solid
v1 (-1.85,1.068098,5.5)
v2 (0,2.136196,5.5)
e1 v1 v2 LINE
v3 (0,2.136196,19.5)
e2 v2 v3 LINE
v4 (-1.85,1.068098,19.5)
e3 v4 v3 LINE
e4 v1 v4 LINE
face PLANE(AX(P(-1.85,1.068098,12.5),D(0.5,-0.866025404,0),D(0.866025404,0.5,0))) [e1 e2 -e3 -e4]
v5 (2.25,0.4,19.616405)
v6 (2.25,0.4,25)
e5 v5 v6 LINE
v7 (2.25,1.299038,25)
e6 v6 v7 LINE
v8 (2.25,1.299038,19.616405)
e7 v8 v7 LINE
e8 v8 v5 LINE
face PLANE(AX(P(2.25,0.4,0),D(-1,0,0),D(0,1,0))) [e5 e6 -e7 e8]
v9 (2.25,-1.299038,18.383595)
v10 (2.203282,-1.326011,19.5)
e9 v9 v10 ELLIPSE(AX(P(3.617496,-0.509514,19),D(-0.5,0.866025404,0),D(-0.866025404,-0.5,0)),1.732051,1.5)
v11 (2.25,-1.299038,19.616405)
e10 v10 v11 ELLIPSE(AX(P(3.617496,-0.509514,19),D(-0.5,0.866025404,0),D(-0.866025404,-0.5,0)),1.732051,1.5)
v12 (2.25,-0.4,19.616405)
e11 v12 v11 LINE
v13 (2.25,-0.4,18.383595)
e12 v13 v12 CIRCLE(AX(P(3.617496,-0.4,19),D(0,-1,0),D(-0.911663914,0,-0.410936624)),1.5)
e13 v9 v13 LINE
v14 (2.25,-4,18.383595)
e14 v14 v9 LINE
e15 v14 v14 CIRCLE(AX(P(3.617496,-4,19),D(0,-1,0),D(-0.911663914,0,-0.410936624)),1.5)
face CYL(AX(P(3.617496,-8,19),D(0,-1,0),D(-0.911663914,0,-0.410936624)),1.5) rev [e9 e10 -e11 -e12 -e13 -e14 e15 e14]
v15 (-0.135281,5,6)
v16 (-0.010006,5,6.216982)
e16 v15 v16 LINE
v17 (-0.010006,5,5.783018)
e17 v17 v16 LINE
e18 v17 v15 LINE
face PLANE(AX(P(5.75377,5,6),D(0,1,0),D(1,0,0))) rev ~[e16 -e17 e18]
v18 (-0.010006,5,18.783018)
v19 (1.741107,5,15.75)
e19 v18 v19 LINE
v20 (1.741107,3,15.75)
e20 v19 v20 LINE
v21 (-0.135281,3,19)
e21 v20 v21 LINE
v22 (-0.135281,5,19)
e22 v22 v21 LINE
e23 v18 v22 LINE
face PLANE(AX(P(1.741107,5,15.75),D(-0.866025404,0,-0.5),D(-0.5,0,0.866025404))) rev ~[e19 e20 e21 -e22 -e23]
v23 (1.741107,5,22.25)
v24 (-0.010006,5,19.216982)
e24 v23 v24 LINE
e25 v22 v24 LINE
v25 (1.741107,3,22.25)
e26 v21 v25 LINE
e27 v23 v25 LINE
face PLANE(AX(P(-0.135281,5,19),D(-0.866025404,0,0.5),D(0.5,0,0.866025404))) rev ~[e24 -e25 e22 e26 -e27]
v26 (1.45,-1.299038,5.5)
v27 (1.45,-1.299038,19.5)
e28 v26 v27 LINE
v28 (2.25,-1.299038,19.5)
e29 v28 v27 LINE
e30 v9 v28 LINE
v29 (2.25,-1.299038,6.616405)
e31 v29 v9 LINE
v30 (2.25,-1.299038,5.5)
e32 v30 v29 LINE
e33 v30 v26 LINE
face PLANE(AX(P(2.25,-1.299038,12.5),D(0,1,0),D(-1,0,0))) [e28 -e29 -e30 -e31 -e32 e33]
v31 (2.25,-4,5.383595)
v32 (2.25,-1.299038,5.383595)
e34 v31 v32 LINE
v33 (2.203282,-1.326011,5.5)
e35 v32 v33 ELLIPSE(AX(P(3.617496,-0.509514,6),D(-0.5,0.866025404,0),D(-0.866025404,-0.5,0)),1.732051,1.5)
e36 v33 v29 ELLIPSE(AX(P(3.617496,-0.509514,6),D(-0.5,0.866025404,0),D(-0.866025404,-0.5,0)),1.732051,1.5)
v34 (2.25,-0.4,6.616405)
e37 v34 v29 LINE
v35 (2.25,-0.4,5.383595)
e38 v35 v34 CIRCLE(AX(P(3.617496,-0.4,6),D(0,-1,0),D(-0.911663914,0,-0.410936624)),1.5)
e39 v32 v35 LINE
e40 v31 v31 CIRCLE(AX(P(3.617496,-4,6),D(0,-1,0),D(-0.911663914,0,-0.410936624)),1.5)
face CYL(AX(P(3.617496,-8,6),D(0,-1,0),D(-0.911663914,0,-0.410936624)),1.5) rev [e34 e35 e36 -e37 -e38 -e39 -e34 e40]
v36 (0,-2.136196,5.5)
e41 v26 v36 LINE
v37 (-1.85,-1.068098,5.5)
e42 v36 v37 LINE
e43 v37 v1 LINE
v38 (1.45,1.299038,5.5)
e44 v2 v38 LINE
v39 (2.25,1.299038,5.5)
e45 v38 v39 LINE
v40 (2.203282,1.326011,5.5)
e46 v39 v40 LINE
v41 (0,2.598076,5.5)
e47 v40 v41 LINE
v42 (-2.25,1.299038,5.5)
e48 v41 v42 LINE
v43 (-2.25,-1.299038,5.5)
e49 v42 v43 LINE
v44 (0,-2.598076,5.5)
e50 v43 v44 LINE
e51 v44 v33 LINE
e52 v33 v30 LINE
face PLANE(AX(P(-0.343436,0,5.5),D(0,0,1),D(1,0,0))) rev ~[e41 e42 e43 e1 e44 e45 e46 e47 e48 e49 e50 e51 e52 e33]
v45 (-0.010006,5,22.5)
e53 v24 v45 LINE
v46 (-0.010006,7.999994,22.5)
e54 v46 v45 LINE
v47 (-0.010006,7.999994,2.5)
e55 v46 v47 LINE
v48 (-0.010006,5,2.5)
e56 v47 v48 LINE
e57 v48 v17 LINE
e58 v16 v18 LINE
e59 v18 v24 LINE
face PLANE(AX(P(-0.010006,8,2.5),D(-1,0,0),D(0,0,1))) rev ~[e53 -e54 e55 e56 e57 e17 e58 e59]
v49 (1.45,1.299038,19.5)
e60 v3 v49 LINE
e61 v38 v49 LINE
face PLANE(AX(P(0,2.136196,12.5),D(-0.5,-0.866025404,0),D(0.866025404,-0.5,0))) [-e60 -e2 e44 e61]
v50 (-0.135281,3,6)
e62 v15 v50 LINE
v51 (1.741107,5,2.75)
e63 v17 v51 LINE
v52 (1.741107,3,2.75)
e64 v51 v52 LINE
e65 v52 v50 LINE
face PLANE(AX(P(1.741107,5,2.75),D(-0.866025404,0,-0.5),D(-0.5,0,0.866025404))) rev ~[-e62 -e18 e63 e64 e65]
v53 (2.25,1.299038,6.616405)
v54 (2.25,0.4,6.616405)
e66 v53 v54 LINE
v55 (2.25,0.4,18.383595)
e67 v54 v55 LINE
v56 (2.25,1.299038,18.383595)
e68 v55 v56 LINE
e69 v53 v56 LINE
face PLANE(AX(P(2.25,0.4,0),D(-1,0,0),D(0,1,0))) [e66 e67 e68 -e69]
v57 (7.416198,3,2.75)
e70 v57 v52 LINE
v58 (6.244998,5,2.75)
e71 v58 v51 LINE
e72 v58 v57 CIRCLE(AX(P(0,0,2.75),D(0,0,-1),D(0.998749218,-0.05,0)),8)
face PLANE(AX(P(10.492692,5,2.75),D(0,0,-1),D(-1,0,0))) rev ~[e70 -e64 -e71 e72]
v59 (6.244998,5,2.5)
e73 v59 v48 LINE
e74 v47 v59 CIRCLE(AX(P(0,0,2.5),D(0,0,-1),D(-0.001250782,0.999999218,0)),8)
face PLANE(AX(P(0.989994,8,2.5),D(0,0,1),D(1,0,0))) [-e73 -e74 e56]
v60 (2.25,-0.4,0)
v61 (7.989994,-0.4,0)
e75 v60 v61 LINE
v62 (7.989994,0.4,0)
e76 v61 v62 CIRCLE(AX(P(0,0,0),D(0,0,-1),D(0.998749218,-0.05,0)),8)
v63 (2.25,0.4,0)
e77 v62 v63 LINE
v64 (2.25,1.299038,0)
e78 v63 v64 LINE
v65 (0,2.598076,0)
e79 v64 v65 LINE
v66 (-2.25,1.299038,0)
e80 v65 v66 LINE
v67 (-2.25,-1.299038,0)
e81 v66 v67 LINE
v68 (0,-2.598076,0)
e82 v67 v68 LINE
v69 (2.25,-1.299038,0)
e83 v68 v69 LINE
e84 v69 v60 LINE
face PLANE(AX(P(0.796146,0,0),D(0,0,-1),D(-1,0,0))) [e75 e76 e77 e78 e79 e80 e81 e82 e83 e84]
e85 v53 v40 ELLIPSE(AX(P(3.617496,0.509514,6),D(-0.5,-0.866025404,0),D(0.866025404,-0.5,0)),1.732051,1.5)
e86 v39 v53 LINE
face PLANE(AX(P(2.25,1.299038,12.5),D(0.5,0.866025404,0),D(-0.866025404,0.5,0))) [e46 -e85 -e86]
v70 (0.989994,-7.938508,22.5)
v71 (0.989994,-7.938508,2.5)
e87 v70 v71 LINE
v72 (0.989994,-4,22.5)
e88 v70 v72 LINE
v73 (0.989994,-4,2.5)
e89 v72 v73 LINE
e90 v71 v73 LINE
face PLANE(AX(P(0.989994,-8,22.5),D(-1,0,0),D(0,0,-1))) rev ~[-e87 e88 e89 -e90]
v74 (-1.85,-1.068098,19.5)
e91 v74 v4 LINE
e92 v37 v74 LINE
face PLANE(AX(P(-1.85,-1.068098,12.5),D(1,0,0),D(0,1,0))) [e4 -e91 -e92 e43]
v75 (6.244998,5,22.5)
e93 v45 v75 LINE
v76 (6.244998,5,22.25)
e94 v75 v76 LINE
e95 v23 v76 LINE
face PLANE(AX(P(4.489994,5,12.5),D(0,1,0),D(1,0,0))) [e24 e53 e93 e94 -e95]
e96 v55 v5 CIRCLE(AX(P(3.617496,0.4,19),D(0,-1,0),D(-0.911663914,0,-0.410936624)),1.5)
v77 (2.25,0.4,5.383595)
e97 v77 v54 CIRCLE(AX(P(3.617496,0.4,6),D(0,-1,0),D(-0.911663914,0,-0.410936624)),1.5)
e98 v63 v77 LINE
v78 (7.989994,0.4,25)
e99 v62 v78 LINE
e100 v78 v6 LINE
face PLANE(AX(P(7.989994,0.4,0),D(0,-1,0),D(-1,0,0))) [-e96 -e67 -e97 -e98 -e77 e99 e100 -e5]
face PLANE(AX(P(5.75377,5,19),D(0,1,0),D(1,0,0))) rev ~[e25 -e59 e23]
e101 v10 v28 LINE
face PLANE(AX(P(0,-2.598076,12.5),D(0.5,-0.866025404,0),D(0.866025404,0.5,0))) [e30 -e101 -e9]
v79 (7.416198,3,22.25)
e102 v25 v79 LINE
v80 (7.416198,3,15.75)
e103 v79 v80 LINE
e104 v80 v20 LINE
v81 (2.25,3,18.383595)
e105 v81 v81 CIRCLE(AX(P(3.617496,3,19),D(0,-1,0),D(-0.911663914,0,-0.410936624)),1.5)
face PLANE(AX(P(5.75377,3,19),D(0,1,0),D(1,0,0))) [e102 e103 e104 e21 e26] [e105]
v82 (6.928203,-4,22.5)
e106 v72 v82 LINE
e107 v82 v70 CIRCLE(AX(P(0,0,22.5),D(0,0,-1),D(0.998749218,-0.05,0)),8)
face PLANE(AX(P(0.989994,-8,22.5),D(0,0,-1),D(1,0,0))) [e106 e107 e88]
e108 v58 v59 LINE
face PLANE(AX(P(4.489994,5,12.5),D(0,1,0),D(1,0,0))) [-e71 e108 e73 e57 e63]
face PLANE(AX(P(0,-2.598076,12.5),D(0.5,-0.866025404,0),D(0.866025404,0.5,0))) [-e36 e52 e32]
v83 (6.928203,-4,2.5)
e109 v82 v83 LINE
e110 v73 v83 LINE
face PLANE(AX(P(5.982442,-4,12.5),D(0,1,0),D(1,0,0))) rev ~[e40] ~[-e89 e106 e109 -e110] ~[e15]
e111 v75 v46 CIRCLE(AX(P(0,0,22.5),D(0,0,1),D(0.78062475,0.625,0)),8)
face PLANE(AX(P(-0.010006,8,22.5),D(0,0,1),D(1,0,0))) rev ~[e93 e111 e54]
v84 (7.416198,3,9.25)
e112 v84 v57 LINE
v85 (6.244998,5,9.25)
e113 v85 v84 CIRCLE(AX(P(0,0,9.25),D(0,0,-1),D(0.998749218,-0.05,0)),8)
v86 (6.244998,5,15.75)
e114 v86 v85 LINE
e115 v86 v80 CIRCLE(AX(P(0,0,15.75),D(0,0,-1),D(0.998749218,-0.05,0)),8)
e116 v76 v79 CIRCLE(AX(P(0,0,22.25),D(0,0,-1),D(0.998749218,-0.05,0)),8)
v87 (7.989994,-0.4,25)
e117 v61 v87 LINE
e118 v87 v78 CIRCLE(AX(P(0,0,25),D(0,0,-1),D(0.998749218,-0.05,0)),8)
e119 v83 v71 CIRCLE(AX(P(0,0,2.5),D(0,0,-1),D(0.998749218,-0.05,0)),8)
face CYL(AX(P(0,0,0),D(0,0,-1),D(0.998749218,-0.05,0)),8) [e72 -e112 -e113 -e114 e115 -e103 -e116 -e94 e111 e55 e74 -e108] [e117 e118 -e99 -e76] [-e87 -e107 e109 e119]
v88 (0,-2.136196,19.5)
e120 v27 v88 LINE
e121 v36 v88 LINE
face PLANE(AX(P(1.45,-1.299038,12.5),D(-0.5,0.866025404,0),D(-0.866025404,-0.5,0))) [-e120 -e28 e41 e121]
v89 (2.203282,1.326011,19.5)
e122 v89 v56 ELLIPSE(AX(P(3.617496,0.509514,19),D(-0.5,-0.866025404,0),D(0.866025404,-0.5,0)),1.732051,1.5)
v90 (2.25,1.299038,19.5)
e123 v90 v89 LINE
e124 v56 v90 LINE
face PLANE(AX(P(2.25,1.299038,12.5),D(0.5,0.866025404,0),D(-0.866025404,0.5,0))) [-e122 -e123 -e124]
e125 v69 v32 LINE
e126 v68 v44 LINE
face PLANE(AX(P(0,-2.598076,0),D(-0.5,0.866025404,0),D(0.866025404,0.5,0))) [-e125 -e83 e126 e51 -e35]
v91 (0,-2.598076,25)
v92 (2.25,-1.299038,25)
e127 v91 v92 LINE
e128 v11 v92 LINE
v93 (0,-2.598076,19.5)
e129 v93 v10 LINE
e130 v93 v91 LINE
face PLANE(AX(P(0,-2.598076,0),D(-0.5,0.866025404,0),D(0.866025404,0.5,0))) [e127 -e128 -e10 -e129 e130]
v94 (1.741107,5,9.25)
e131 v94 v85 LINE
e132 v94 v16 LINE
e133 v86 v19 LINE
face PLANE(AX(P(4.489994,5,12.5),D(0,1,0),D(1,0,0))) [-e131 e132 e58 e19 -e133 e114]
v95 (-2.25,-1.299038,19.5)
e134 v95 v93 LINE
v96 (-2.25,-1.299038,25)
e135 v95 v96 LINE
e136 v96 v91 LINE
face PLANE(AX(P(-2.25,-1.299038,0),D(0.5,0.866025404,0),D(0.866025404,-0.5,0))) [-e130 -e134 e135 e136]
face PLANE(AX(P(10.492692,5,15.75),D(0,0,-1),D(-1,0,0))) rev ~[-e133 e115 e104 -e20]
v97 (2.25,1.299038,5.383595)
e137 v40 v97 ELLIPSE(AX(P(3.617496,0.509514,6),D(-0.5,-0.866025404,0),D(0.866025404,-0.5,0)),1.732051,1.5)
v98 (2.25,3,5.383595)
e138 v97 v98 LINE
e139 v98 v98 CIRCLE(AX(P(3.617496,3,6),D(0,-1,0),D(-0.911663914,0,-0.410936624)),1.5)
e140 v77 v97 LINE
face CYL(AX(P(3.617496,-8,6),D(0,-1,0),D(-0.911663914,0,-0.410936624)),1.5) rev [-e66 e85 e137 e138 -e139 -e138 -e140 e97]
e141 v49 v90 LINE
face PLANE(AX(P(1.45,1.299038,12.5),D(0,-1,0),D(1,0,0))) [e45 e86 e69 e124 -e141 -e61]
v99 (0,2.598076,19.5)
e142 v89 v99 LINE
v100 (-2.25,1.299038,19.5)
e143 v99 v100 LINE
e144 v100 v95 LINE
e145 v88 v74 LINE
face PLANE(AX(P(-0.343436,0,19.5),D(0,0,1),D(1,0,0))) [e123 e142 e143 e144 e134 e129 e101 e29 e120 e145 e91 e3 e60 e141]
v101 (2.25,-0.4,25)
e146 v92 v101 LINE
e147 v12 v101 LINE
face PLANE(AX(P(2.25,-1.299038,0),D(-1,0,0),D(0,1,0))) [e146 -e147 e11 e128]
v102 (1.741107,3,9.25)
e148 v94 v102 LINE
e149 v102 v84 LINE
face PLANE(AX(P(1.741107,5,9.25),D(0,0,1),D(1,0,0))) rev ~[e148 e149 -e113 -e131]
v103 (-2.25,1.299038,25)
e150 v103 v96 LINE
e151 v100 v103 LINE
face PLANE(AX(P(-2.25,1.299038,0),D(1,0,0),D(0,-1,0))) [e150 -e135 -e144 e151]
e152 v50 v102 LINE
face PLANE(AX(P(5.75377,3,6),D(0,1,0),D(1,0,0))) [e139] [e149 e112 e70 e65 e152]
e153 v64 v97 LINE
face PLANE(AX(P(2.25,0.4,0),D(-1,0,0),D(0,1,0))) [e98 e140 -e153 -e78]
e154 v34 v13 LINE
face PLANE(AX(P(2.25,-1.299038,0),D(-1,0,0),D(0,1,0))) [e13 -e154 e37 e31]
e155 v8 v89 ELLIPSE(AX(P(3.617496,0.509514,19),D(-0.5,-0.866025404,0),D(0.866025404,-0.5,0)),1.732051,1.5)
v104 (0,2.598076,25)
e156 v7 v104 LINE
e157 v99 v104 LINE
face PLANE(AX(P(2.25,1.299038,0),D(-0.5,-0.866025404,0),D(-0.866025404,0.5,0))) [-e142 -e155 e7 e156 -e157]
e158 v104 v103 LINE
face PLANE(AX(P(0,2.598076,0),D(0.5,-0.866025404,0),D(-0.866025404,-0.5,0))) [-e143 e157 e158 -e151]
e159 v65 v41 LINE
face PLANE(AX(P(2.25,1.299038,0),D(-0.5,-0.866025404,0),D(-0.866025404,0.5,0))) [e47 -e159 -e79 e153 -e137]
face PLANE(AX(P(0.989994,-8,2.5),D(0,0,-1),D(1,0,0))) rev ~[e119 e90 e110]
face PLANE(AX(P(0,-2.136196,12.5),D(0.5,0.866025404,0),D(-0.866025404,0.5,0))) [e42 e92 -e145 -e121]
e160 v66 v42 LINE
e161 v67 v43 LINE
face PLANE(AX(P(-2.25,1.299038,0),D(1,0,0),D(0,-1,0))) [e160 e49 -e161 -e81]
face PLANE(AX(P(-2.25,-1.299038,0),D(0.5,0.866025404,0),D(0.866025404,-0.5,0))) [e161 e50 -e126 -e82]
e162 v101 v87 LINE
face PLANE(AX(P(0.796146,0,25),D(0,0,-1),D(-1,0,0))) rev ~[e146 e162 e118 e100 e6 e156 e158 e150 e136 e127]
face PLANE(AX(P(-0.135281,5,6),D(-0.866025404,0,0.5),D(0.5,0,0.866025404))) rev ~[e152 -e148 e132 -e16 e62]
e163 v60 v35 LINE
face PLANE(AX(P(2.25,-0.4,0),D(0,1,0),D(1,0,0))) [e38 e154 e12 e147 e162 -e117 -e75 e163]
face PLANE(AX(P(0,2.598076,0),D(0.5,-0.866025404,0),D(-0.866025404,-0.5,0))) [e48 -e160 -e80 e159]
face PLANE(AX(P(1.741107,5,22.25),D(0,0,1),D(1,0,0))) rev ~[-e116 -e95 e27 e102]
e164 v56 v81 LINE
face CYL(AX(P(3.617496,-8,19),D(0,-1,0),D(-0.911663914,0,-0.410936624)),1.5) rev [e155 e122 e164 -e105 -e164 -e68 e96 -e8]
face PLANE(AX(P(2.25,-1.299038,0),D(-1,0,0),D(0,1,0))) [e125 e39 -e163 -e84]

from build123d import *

# Parameters (mm, degrees)
RESSALTO_EXTRUS_O2_DEPTH = 25
ESBO_O3_W                = 7
ESBO_O3_H                = 20
CORTE_EXTRUS_O1_DEPTH    = 3
ESBO_O4_W                = 9.984895554
ESBO_O4_H                = 20
CORTE_EXTRUS_O2_DEPTH    = 4
ESBO_O5_R                = 1.5
CORTE_EXTRUS_O7_DEPTH    = 31.740852298
CORTE_EXTRUS_O8_DEPTH    = 3
CORTE_EXTRUS_O9_DEPTH    = 2
CORTE_EXTRUS_O11_DEPTH   = 3
RESSALTO_EXTRUS_O4_DEPTH = 7


with BuildPart() as part:
    # Esboço1 → Ressalto-extrusão2 (new body)
    with BuildSketch(Plane.XY):
        with BuildLine():
            Line((2.25, -0.4), (5.986651819, -0.4))
            Line((5.986651819, -0.4), (7.989993742, -0.4))
            ThreePointArc((7.989993742, -0.4), (-8, 0), (7.989993742, 0.4))
            Line((7.989993742, 0.4), (5.986651819, 0.4))
            Line((5.986651819, 0.4), (2.25, 0.4))
            Line((2.25, 0.4), (2.25, 1.299038106))
            Line((2.25, 1.299038106), (0, 2.598076211))
            Line((0, 2.598076211), (-2.25, 1.299038106))
            Line((-2.25, 1.299038106), (-2.25, -1.299038106))
            Line((-2.25, -1.299038106), (0, -2.598076211))
            Line((0, -2.598076211), (2.25, -1.299038106))
            Line((2.25, -1.299038106), (2.25, -0.4))
        make_face()
    extrude(amount=RESSALTO_EXTRUS_O2_DEPTH)

    # Esboço3 → Corte-extrusão1 (cut)
    with BuildSketch(Plane(origin=(0, 8, 0), x_dir=(1, 0, 0), z_dir=(0, 1, 0))):
        with Locations((4.489993742, -12.5)):
            Rectangle(ESBO_O3_W, ESBO_O3_H)
    extrude(amount=-CORTE_EXTRUS_O1_DEPTH, mode=Mode.SUBTRACT)

    # Esboço4 → Corte-extrusão2 (cut)
    with BuildSketch(Plane(origin=(0, -8, 0), x_dir=(1, 0, 0), z_dir=(0, 1, 0))):
        with Locations((5.982441519, -12.5)):
            Rectangle(ESBO_O4_W, ESBO_O4_H)
    extrude(amount=CORTE_EXTRUS_O2_DEPTH, mode=Mode.SUBTRACT)

    # Esboço5 → Corte-extrusão7 (cut, through all)
    with BuildSketch(Plane(origin=(0, -8, 0), x_dir=(1, 0, 0), z_dir=(0, 1, 0))):
        with Locations(Location((3.61749587, -6, 0), (0, 0, 155.736314367))):
            Circle(ESBO_O5_R)
        with Locations(Location((3.61749587, -19, 0), (0, 0, 155.736314367))):
            Circle(ESBO_O5_R)
    extrude(amount=CORTE_EXTRUS_O7_DEPTH, mode=Mode.SUBTRACT)

    # Esboço11 → Corte-extrusão8 (cut)
    with BuildSketch(Plane(origin=(0, 8, 0), x_dir=(1, 0, 0), z_dir=(0, 1, 0))):
        Polygon((0.989993742, -2.5), (0.489993742, -2.5), (0.489993742, -22.5), (0.989993742, -22.5), (12.059858903, -22.5), (12.059858903, -2.5), align=None)
    extrude(amount=-CORTE_EXTRUS_O8_DEPTH, mode=Mode.SUBTRACT)

    # Esboço12 → Corte-extrusão9 (cut)
    with BuildSketch(Plane(origin=(0, 5, 0), x_dir=(1, 0, 0), z_dir=(0, 1, 0))):
        Polygon((5.493884245, -9.25), (10.492692387, -9.25), (10.492692387, -2.75), (5.493884245, -2.75), (1.741107495, -2.75), (-0.135280879, -6), (1.741107495, -9.25), align=None)
        Polygon((5.493884245, -15.75), (1.741107495, -15.75), (-0.135280879, -19), (1.741107495, -22.25), (5.493884245, -22.25), (10.492692387, -22.25), (10.492692387, -15.75), align=None)
    extrude(amount=-CORTE_EXTRUS_O9_DEPTH, mode=Mode.SUBTRACT)

    # Esboço13 → Corte-extrusão11 (cut)
    with BuildSketch(Plane(origin=(0, 8, 0), x_dir=(1, 0, 0), z_dir=(0, 1, 0))):
        Polygon((0.489993742, -2.5), (-0.010006258, -2.5), (-0.010006258, -22.5), (0.489993742, -22.5), (15.48114744, -22.5), (15.48114744, -2.5), align=None)
    extrude(amount=-CORTE_EXTRUS_O11_DEPTH, mode=Mode.SUBTRACT)

    # Esboço14 → Ressalto-extrusão4 (add, symmetric)
    with BuildSketch(Plane.XY.offset(12.5)):
        Polygon((0, -2.598076211), (2.25, -1.299038106), (1.45, -1.299038106), (0, -2.136195996), (-1.85, -1.068097998), (-1.85, 1.068097998), (0, 2.136195996), (1.45, 1.299038106), (2.25, 1.299038106), (0, 2.598076211), (-2.25, 1.299038106), (-2.25, -1.299038106), align=None)
    extrude(amount=RESSALTO_EXTRUS_O4_DEPTH, both=True)


solid = part.part
